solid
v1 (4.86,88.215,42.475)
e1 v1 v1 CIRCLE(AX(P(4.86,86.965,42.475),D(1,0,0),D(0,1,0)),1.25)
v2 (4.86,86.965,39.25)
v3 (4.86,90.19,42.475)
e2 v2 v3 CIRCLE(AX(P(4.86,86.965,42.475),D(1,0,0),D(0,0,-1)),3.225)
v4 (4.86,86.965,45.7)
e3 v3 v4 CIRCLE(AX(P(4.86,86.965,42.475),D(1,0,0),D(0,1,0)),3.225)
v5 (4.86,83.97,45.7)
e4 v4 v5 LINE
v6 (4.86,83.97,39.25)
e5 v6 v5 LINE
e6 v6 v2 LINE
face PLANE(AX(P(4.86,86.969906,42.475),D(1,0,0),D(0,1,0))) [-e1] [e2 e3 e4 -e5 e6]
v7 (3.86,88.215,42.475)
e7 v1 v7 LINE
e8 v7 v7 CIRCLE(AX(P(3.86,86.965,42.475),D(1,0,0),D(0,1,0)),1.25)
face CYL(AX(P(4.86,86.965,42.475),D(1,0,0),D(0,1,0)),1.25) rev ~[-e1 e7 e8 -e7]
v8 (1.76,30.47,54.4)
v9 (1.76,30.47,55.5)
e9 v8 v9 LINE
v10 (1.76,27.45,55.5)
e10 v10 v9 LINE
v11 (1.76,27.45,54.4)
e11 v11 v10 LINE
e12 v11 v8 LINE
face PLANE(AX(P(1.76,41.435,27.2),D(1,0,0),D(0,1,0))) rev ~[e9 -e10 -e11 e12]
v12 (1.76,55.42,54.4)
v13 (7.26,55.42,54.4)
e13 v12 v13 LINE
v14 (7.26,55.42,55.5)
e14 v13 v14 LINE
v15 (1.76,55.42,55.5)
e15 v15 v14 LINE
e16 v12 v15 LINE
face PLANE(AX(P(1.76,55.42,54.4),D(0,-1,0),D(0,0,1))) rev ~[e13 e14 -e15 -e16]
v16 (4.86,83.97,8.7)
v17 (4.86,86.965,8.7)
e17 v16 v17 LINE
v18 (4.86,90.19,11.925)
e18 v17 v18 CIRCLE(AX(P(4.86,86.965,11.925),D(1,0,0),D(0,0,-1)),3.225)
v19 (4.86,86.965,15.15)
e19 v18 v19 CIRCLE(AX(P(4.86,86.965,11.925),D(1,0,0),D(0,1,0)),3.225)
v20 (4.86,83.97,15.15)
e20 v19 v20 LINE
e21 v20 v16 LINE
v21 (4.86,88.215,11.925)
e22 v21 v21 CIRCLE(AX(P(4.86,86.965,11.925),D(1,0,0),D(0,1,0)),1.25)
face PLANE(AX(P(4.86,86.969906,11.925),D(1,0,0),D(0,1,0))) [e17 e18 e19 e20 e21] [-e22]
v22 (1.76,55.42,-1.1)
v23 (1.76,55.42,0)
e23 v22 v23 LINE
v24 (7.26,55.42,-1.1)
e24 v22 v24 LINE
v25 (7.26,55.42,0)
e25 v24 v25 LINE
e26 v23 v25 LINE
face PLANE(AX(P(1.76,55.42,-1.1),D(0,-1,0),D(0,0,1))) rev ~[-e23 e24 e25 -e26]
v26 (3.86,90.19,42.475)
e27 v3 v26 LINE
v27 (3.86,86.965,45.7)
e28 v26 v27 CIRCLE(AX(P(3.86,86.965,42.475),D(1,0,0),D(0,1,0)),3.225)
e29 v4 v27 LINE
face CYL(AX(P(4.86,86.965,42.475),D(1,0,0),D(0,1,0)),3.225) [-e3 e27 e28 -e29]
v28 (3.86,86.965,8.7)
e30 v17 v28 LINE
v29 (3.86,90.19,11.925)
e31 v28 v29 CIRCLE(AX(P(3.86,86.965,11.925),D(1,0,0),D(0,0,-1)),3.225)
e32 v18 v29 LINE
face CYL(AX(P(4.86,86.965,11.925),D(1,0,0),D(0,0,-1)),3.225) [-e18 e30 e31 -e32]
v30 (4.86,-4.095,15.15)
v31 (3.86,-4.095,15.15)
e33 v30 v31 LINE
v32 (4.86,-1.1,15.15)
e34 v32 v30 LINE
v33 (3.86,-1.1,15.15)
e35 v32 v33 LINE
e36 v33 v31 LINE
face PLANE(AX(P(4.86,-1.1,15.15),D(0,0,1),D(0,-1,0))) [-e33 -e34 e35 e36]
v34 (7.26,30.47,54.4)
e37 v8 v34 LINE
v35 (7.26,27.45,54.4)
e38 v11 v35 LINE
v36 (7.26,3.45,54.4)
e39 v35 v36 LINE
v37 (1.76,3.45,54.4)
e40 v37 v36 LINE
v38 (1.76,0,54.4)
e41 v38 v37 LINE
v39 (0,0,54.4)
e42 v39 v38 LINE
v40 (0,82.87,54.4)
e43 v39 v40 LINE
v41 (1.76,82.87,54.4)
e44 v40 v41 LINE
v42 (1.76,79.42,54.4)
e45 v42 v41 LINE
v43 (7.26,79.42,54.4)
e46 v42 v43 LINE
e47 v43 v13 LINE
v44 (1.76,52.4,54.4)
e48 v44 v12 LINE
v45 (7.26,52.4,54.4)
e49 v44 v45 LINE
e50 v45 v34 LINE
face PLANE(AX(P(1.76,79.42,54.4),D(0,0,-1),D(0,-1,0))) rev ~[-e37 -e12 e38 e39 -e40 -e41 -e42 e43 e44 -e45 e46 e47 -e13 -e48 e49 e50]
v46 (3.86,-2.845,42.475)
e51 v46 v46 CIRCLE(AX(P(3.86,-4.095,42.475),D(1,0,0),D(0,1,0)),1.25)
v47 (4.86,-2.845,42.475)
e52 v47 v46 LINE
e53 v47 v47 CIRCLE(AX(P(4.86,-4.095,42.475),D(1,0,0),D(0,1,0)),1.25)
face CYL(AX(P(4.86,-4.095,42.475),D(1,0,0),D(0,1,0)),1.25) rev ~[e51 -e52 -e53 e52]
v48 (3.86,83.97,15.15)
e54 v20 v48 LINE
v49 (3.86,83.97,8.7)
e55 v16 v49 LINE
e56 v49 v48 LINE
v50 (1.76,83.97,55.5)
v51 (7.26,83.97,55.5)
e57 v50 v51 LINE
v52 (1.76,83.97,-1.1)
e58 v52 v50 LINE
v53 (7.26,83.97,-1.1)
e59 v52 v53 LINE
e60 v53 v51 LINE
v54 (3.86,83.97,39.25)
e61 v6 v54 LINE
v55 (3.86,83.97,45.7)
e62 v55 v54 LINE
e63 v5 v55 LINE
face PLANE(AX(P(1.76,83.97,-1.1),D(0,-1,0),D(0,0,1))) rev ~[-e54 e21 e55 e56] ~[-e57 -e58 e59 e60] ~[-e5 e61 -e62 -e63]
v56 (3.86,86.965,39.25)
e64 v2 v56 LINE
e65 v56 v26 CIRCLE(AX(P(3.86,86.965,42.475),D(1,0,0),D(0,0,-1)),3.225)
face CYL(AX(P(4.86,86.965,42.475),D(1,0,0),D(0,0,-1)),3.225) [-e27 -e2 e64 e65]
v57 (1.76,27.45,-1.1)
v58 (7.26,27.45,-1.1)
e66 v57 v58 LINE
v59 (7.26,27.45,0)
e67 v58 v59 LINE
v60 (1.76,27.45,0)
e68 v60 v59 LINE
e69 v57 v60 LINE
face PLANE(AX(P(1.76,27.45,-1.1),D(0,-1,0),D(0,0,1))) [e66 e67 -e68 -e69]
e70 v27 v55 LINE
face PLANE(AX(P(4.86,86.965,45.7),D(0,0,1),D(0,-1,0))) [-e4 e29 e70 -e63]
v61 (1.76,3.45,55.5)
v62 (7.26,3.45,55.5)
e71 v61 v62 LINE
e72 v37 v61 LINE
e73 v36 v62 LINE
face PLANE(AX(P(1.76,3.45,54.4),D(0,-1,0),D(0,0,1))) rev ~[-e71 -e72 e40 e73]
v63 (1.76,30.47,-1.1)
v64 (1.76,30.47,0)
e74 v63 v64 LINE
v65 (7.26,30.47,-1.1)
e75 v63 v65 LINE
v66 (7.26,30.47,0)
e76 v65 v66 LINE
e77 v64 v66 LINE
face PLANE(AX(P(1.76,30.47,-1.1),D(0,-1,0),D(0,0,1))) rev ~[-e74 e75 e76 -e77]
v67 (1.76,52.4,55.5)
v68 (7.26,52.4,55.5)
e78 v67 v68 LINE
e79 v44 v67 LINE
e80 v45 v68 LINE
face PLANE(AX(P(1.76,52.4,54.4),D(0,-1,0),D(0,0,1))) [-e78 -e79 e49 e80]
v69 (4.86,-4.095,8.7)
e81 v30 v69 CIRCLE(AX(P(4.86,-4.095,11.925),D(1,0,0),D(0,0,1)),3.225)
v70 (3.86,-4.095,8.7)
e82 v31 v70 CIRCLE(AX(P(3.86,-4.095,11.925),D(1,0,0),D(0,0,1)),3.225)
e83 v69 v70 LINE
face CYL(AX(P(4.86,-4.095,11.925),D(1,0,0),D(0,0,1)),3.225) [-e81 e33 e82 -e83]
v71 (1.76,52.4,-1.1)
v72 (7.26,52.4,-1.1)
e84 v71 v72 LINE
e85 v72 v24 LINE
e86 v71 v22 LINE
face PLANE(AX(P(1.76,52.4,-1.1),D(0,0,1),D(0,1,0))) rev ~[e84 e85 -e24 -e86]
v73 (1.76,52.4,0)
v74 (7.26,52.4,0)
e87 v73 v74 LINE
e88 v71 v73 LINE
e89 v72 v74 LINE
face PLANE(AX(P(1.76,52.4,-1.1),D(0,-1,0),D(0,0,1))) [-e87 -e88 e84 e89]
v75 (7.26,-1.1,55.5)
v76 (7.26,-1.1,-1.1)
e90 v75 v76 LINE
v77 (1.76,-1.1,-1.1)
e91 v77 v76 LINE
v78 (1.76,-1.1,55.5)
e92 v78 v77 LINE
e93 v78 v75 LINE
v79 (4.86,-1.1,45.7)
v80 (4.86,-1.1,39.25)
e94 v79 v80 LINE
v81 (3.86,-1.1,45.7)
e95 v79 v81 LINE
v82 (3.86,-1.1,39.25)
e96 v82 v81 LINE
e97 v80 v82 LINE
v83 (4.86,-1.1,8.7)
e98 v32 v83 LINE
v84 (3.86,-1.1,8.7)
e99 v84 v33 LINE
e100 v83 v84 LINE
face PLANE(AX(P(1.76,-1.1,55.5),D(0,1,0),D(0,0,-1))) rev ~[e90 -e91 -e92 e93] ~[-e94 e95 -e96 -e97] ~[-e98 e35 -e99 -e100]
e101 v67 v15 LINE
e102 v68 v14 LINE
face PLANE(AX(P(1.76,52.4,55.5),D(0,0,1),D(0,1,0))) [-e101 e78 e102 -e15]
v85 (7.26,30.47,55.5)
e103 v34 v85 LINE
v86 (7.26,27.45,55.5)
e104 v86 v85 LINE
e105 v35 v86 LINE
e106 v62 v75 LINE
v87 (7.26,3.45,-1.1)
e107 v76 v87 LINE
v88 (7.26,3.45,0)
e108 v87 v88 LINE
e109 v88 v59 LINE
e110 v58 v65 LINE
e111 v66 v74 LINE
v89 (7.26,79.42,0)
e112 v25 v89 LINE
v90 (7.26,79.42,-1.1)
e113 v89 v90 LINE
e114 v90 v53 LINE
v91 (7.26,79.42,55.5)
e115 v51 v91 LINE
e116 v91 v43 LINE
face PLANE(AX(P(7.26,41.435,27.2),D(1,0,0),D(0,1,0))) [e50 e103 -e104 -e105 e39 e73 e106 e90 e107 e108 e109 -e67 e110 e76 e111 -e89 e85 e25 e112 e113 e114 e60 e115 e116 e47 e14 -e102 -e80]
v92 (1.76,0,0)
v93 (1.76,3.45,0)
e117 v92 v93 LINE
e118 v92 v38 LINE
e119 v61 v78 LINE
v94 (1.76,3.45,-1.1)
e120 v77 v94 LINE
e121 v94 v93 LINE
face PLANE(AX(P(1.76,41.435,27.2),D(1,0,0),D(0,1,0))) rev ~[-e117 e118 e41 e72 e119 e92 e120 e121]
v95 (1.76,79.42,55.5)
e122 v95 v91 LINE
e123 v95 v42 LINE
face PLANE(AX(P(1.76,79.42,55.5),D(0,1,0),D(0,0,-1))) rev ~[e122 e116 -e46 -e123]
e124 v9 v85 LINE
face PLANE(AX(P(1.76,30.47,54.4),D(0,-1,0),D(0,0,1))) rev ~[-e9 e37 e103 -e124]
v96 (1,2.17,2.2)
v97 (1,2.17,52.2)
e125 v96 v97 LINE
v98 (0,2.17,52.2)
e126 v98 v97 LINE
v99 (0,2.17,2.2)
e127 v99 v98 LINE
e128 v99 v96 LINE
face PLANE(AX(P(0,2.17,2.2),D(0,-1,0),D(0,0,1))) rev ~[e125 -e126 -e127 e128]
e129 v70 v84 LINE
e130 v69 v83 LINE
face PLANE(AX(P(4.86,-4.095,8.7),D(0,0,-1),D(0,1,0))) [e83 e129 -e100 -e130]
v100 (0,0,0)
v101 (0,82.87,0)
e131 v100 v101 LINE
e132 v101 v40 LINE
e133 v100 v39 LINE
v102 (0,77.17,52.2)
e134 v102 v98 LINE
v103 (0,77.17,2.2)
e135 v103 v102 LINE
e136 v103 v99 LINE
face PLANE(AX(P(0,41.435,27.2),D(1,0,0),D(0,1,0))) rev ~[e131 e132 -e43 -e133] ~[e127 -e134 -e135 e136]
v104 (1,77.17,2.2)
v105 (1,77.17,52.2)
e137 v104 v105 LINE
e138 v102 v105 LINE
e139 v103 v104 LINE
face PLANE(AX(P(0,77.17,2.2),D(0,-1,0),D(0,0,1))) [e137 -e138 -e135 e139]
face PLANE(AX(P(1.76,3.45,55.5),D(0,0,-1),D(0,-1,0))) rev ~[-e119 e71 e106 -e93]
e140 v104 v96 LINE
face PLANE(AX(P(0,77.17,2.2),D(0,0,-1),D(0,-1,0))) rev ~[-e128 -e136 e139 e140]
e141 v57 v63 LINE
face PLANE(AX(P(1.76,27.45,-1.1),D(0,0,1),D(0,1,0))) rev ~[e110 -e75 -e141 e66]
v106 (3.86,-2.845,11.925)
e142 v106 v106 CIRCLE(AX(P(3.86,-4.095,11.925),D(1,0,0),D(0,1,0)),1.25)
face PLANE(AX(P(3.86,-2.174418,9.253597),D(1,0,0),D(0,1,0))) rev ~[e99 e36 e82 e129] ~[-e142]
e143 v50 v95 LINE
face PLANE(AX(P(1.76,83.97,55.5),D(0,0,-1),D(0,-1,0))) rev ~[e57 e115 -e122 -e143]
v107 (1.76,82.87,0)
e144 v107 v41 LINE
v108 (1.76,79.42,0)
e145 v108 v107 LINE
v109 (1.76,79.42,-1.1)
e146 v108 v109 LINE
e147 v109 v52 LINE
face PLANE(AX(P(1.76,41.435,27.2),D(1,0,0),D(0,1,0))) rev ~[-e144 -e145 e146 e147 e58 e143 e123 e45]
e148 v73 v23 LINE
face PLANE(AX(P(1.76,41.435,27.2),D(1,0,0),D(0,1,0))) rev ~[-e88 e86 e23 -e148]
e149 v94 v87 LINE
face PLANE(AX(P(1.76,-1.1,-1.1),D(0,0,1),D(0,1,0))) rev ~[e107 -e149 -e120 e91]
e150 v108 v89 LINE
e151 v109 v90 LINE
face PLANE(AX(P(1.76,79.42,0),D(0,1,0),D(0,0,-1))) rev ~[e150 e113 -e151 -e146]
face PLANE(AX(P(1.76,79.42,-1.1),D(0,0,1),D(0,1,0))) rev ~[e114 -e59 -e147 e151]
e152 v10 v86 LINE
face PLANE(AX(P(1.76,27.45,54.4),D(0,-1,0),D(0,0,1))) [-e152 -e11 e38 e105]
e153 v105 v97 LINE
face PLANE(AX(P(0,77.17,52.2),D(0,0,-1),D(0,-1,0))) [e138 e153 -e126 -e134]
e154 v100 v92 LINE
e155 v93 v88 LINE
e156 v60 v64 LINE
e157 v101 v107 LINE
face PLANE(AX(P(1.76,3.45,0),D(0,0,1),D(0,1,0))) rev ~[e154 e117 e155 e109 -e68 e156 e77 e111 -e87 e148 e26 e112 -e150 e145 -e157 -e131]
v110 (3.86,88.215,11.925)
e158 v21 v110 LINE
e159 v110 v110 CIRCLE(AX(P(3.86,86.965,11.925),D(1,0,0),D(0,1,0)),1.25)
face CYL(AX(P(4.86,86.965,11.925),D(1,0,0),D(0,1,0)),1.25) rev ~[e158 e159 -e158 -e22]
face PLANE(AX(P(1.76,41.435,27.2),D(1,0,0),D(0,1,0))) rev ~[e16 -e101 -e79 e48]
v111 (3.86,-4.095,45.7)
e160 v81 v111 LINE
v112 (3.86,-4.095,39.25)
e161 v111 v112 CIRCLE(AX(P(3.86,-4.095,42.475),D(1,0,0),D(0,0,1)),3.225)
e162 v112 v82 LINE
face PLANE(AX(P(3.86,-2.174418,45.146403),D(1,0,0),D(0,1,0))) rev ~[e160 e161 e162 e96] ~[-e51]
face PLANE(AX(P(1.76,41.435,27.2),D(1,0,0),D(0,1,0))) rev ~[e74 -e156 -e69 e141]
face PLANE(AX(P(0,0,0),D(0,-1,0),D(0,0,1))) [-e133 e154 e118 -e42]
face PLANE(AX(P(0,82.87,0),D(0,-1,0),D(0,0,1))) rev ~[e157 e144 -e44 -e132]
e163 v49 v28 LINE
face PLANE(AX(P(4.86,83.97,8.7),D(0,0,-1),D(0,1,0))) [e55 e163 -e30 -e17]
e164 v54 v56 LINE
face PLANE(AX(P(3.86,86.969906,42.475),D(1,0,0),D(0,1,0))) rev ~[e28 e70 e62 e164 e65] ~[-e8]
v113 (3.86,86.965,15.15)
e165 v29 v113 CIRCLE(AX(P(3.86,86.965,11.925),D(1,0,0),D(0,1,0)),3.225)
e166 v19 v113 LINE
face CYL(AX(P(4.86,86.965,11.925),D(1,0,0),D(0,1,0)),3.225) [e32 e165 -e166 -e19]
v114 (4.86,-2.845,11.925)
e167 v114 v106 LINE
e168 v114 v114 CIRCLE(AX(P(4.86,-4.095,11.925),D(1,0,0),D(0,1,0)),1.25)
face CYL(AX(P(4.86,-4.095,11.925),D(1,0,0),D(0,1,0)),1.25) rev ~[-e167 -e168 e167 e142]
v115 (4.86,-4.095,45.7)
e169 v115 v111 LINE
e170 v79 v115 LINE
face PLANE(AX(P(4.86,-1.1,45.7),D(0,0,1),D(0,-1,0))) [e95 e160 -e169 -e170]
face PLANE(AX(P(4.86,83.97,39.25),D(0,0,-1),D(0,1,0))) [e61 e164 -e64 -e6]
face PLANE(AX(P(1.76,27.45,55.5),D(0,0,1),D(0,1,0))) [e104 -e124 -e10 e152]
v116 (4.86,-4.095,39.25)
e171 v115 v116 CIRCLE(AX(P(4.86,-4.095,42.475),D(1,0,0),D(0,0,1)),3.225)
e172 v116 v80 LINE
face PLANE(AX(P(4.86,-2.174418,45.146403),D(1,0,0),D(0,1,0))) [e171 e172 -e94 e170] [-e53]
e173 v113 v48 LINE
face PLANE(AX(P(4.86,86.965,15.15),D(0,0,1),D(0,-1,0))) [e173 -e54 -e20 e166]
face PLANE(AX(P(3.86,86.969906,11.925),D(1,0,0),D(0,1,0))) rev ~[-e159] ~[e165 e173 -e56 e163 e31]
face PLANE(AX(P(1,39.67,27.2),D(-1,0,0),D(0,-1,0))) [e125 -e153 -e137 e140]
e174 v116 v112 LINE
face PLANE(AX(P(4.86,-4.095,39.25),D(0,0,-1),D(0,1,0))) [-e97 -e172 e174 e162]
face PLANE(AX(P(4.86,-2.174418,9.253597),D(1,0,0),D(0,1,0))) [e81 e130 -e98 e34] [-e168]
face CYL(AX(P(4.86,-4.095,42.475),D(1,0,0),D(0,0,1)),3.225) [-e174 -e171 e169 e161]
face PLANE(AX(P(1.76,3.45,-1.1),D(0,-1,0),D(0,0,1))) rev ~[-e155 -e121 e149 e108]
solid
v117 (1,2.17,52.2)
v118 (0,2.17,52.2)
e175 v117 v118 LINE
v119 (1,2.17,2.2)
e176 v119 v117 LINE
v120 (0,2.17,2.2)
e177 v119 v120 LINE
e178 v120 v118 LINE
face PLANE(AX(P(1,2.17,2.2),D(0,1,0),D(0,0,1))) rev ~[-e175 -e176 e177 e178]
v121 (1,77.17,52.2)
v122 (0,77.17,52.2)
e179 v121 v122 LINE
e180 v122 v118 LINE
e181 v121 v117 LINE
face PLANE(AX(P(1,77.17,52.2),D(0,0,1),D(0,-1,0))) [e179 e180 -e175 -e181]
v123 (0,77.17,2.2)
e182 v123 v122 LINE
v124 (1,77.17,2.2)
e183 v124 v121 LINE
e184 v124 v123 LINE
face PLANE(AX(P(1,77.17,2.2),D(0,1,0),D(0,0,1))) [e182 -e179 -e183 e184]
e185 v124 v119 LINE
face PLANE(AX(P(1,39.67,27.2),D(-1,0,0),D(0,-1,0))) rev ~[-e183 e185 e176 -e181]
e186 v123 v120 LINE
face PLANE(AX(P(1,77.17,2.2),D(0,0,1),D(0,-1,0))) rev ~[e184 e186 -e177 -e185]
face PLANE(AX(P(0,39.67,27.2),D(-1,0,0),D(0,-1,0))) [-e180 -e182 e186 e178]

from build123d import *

# Parameters (mm, degrees)
F0_W      = 82.87
F0_H      = 54.4
F1_DEPTH  = 1.76
F2_W      = 3.02
F2_H      = 1.1
F3_DEPTH  = 5.5
F5_R      = 1.25
F6_DEPTH  = 1
F7_W      = 75
F7_H      = 50
F8_DEPTH  = 1
F9_W      = 75
F9_H      = 50
F10_DEPTH = 1


with BuildPart() as f1:
    # F0 (on Right) → F1 (new body)
    with BuildSketch(Plane.YZ):
        with Locations((41.435, 27.2)):
            Rectangle(F0_W, F0_H)
    extrude(amount=F1_DEPTH)

    # F2 (on face) → F3 (join)
    with BuildSketch(Plane.YZ.offset(1.76)):
        Polygon((0, 54.4), (0, 0), (3.45, 0), (27.45, 0), (30.47, 0), (52.4, 0), (55.42, 0), (79.42, 0), (82.87, 0), (82.87, 54.4), (79.42, 54.4), (55.42, 54.4), (52.4, 54.4), (30.47, 54.4), (27.45, 54.4), (3.45, 54.4), align=None)
        Polygon((3.45, 0), (0, 0), (0, 54.4), (3.45, 54.4), (3.45, 55.5), (-1.1, 55.5), (-1.1, -1.1), (3.45, -1.1), align=None)
        with Locations((28.96, -0.55)):
            Rectangle(F2_W, F2_H)
        with Locations((28.96, 54.95)):
            Rectangle(F2_W, F2_H)
        with Locations((53.91, -0.55)):
            Rectangle(F2_W, F2_H)
        with Locations((53.91, 54.95)):
            Rectangle(F2_W, F2_H)
        Polygon((82.87, 0), (79.42, 0), (79.42, -1.1), (83.97, -1.1), (83.97, 55.5), (79.42, 55.5), (79.42, 54.4), (82.87, 54.4), align=None)
    extrude(amount=F3_DEPTH)

    # F5 (on offset) → F6 (join)
    with BuildSketch(Plane.YZ.offset(4.86)):
        with BuildLine():
            ThreePointArc((86.965, 8.7), (89.2454193693, 9.6445806307), (90.19, 11.925))
            ThreePointArc((90.19, 11.925), (89.2454193693, 14.2054193693), (86.965, 15.15))
            ThreePointArc((86.965, 15.15), (85.156232888, 14.5950162049), (83.97, 13.1210769206))
            Line((83.97, 13.1210769206), (83.97, 10.7289230794))
            ThreePointArc((83.97, 10.7289230794), (85.156232888, 9.2549837951), (86.965, 8.7))
        make_face()
        with Locations((86.965, 11.925)):
            Circle(F5_R, mode=Mode.SUBTRACT)
        with BuildLine():
            ThreePointArc((83.97, 13.1210769206), (85.156232888, 14.5950162049), (86.965, 15.15))
            Line((86.965, 15.15), (83.97, 15.15))
            Line((83.97, 15.15), (83.97, 13.1210769206))
        make_face()
        with BuildLine():
            Line((83.97, 8.7), (86.965, 8.7))
            ThreePointArc((86.965, 8.7), (85.156232888, 9.2549837951), (83.97, 10.7289230794))
            Line((83.97, 10.7289230794), (83.97, 8.7))
        make_face()
        with BuildLine():
            Line((83.97, 10.7289230794), (83.97, 13.1210769206))
            ThreePointArc((83.97, 13.1210769206), (83.74, 11.925), (83.97, 10.7289230794))
        make_face()
        with BuildLine():
            ThreePointArc((86.965, 39.25), (89.2454193693, 40.1945806307), (90.19, 42.475))
            ThreePointArc((90.19, 42.475), (89.2454193693, 44.7554193693), (86.965, 45.7))
            ThreePointArc((86.965, 45.7), (85.156232888, 45.1450162049), (83.97, 43.6710769206))
            Line((83.97, 43.6710769206), (83.97, 41.2789230794))
            ThreePointArc((83.97, 41.2789230794), (85.156232888, 39.8049837951), (86.965, 39.25))
        make_face()
        with Locations((86.965, 42.475)):
            Circle(F5_R, mode=Mode.SUBTRACT)
        with BuildLine():
            ThreePointArc((83.97, 43.6710769206), (85.156232888, 45.1450162049), (86.965, 45.7))
            Line((86.965, 45.7), (83.97, 45.7))
            Line((83.97, 45.7), (83.97, 43.6710769206))
        make_face()
        with BuildLine():
            Line((83.97, 39.25), (86.965, 39.25))
            ThreePointArc((86.965, 39.25), (85.156232888, 39.8049837951), (83.97, 41.2789230794))
            Line((83.97, 41.2789230794), (83.97, 39.25))
        make_face()
        with BuildLine():
            Line((83.97, 41.2789230794), (83.97, 43.6710769206))
            ThreePointArc((83.97, 43.6710769206), (83.74, 42.475), (83.97, 41.2789230794))
        make_face()
        with BuildLine():
            Line((-1.1, 43.6710769206), (-1.1, 45.7))
            Line((-1.1, 45.7), (-4.095, 45.7))
            ThreePointArc((-4.095, 45.7), (-2.286232888, 45.1450162049), (-1.1, 43.6710769206))
        make_face()
        with BuildLine():
            ThreePointArc((-1.1, 43.6710769206), (-2.286232888, 45.1450162049), (-4.095, 45.7))
            ThreePointArc((-4.095, 45.7), (-7.32, 42.475), (-4.095, 39.25))
            ThreePointArc((-4.095, 39.25), (-2.286232888, 39.8049837951), (-1.1, 41.2789230794))
            Line((-1.1, 41.2789230794), (-1.1, 43.6710769206))
        make_face()
        with Locations((-4.095, 42.475)):
            Circle(F5_R, mode=Mode.SUBTRACT)
        with BuildLine():
            ThreePointArc((-0.87, 42.475), (-0.9280219451, 43.0839950739), (-1.1, 43.6710769206))
            Line((-1.1, 43.6710769206), (-1.1, 41.2789230794))
            ThreePointArc((-1.1, 41.2789230794), (-0.9280219451, 41.8660049261), (-0.87, 42.475))
        make_face()
        with BuildLine():
            ThreePointArc((-1.1, 41.2789230794), (-2.286232888, 39.8049837951), (-4.095, 39.25))
            Line((-4.095, 39.25), (-1.1, 39.25))
            Line((-1.1, 39.25), (-1.1, 41.2789230794))
        make_face()
        with BuildLine():
            Line((-4.095, 8.7), (-1.1, 8.7))
            Line((-1.1, 8.7), (-1.1, 10.7289230794))
            ThreePointArc((-1.1, 10.7289230794), (-2.286232888, 9.2549837951), (-4.095, 8.7))
        make_face()
        with BuildLine():
            ThreePointArc((-4.095, 15.15), (-7.32, 11.925), (-4.095, 8.7))
            ThreePointArc((-4.095, 8.7), (-2.286232888, 9.2549837951), (-1.1, 10.7289230794))
            Line((-1.1, 10.7289230794), (-1.1, 13.1210769206))
            ThreePointArc((-1.1, 13.1210769206), (-2.286232888, 14.5950162049), (-4.095, 15.15))
        make_face()
        with Locations((-4.095, 11.925)):
            Circle(F5_R, mode=Mode.SUBTRACT)
        with BuildLine():
            Line((-1.1, 13.1210769206), (-1.1, 10.7289230794))
            ThreePointArc((-1.1, 10.7289230794), (-0.9280219451, 11.3160049261), (-0.87, 11.925))
            ThreePointArc((-0.87, 11.925), (-0.9280219451, 12.5339950739), (-1.1, 13.1210769206))
        make_face()
        with BuildLine():
            Line((-1.1, 15.15), (-4.095, 15.15))
            ThreePointArc((-4.095, 15.15), (-2.286232888, 14.5950162049), (-1.1, 13.1210769206))
            Line((-1.1, 13.1210769206), (-1.1, 15.15))
        make_face()
    extrude(amount=-F6_DEPTH)

    # F7 (on face) → F8 (cut)
    with BuildSketch(Plane(origin=(0, 0, 0), x_dir=(0, -1, 0), z_dir=(-1, 0, 0))):
        with Locations((-39.67, 27.2)):
            Rectangle(F7_W, F7_H)
    extrude(amount=-F8_DEPTH, mode=Mode.SUBTRACT)


with BuildPart() as f10:
    # F9 (on face) → F10 (new body)
    with BuildSketch(Plane(origin=(1, 0, 0), x_dir=(0, -1, 0), z_dir=(-1, 0, 0))):
        with Locations((-39.67, 27.2)):
            Rectangle(F9_W, F9_H)
    extrude(amount=F10_DEPTH)


solid = Compound([f1.part, f10.part])
